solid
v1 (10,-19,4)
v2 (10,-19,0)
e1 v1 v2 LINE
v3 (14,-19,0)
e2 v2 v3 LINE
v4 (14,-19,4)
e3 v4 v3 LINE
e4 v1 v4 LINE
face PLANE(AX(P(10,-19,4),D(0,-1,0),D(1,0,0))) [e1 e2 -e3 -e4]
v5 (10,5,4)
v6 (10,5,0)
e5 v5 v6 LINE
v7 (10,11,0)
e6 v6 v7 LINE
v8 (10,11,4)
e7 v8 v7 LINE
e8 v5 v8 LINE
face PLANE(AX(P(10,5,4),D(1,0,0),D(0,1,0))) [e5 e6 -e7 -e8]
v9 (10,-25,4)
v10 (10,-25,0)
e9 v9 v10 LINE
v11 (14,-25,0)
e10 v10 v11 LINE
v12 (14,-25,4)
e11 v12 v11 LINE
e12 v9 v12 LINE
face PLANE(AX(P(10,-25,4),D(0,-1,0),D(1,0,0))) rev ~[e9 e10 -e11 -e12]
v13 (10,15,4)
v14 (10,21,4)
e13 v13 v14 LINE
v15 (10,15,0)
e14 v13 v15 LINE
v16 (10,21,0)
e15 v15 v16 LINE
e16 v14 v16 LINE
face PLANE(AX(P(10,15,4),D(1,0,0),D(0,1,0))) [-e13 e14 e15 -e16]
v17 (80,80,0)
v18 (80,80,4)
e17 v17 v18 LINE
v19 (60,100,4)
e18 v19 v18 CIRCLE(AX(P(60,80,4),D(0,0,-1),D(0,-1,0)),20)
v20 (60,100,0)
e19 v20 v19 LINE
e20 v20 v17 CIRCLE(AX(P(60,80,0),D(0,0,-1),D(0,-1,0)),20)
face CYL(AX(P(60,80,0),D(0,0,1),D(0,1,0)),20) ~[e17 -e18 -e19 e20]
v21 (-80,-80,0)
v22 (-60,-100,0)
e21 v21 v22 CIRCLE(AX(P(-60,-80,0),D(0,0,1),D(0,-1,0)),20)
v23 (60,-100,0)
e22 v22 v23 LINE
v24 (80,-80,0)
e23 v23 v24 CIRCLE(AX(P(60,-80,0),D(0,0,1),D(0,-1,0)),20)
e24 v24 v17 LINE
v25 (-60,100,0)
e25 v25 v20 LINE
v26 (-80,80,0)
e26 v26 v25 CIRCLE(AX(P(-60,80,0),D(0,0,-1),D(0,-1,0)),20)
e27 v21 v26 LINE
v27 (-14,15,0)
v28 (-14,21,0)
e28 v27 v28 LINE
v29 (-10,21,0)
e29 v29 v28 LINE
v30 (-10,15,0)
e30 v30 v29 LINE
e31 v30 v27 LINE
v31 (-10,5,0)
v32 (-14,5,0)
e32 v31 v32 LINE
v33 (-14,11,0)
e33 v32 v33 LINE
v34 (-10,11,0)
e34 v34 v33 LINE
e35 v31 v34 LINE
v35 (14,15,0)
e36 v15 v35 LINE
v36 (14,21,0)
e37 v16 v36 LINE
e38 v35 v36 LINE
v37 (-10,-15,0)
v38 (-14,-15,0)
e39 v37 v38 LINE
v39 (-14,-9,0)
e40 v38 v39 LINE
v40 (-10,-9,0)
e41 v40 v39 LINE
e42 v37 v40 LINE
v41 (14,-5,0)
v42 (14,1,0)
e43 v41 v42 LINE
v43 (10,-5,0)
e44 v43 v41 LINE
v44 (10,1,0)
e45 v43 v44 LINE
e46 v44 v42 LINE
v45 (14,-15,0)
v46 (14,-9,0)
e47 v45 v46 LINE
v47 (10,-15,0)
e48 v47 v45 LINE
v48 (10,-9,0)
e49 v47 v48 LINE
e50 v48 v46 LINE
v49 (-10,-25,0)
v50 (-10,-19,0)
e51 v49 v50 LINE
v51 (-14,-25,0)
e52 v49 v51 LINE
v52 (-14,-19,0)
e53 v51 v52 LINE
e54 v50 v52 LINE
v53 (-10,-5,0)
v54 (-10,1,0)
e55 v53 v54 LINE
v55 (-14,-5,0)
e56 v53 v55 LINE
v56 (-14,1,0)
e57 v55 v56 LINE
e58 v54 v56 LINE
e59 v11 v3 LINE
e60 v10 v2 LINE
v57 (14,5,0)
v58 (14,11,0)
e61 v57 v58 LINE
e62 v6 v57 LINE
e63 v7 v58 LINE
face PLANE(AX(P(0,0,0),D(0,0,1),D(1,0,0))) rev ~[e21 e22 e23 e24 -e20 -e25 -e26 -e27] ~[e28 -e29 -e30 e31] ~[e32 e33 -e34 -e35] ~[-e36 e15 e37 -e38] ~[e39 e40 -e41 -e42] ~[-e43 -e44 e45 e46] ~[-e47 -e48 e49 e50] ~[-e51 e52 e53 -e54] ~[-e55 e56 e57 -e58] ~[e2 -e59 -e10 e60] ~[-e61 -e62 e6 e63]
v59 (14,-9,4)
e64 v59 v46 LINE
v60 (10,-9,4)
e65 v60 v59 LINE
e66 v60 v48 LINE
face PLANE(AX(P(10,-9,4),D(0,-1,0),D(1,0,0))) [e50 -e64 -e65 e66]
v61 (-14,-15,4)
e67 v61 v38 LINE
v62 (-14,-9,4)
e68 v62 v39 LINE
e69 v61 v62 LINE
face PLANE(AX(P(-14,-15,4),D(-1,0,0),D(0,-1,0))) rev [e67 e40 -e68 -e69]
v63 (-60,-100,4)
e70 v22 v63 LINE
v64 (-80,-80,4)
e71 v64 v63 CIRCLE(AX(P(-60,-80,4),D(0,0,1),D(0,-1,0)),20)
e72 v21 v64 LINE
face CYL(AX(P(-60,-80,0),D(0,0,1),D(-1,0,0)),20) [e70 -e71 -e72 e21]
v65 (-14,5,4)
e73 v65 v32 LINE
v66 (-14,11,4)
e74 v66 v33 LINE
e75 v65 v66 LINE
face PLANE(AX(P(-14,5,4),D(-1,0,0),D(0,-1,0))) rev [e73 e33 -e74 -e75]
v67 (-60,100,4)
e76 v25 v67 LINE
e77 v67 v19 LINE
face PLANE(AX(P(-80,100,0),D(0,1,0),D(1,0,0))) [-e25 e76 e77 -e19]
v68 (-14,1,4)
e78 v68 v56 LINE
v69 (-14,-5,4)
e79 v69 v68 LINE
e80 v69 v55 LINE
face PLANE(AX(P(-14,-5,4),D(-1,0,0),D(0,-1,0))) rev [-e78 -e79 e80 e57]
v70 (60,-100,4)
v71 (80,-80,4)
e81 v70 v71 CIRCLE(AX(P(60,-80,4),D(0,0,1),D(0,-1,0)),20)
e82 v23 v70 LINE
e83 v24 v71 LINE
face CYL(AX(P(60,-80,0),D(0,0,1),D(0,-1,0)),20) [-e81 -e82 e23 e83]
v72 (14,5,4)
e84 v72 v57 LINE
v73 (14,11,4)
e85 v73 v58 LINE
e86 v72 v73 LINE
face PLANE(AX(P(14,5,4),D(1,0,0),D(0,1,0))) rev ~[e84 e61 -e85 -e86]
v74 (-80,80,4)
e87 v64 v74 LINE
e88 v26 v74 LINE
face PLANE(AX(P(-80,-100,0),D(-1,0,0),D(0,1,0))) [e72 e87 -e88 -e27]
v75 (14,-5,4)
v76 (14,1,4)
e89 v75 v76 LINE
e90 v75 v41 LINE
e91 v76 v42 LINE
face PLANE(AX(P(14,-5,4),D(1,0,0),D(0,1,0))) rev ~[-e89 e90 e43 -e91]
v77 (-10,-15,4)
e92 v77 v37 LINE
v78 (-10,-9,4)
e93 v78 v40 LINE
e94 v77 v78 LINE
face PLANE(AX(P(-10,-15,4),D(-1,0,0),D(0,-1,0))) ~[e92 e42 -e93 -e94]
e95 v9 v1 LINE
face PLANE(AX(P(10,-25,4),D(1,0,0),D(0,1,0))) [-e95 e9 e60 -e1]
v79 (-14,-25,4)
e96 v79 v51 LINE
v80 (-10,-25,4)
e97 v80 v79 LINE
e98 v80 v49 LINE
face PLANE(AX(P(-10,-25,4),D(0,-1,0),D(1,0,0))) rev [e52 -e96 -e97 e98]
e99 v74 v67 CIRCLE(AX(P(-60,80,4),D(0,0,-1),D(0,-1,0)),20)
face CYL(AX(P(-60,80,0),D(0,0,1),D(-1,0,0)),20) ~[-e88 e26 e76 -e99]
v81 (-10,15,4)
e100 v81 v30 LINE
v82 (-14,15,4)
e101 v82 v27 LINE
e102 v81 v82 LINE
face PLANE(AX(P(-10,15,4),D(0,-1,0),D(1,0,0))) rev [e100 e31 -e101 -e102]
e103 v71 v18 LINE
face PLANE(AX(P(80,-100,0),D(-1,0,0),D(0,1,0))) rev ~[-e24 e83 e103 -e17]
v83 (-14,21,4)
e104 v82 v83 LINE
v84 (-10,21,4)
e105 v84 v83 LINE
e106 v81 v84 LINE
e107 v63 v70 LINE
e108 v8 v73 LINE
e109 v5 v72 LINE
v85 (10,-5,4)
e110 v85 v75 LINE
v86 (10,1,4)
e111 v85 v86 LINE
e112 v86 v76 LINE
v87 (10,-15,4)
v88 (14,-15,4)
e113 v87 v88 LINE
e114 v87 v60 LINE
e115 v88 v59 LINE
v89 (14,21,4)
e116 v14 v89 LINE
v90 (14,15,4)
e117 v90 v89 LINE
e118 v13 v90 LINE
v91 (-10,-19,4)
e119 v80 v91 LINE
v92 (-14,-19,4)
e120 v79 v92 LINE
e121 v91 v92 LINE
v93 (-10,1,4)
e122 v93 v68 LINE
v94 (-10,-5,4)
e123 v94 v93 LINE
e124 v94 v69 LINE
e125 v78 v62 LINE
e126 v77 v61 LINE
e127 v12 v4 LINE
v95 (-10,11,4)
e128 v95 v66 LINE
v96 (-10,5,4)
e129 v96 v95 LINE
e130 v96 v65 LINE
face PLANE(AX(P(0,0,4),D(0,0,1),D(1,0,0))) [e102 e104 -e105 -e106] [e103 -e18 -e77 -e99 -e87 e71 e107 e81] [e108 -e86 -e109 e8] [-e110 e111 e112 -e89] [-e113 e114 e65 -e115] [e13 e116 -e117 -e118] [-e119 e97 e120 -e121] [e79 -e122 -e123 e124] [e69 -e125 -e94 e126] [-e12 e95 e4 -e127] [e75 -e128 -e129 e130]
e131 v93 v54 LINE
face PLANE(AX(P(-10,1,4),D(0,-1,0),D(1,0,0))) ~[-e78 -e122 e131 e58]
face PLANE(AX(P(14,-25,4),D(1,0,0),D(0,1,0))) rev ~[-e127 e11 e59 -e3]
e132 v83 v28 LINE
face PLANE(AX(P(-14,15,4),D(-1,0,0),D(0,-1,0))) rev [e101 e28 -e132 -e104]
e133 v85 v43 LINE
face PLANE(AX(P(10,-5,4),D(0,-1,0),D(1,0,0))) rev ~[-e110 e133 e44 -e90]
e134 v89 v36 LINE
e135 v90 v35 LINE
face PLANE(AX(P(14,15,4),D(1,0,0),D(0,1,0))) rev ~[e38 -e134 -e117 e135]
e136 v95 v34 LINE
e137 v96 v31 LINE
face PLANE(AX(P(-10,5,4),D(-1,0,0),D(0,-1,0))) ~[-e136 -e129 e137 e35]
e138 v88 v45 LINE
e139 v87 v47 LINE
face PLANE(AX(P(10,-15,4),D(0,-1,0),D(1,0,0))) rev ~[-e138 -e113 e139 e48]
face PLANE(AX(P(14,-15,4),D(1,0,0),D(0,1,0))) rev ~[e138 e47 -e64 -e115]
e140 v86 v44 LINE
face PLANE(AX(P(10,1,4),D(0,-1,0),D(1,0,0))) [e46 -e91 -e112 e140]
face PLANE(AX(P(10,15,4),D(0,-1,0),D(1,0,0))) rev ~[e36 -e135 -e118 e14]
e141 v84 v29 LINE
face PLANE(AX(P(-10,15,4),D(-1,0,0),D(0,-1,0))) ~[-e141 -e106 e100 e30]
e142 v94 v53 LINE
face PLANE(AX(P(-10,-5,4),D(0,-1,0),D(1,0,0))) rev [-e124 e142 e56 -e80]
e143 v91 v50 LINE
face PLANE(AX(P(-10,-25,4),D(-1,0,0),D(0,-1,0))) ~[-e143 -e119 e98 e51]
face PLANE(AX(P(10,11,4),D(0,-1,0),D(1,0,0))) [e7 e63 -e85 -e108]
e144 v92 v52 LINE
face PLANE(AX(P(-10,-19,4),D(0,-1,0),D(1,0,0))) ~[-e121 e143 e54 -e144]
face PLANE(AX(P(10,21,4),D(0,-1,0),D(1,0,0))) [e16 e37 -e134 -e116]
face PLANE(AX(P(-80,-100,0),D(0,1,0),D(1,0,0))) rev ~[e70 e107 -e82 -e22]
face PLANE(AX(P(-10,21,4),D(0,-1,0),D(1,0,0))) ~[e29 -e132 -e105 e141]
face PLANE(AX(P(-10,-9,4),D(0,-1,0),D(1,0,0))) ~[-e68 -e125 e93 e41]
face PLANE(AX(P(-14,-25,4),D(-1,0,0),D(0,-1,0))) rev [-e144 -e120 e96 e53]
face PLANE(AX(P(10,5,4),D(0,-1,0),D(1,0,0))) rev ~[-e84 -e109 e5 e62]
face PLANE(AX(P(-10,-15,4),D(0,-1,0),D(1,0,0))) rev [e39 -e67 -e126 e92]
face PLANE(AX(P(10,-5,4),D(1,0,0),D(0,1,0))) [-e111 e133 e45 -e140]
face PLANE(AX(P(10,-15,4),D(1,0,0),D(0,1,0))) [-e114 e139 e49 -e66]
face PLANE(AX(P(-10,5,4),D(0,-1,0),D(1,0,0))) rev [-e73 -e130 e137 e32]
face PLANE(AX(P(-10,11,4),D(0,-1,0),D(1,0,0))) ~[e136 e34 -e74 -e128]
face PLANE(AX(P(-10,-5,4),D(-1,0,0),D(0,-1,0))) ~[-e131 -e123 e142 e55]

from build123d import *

# Parameters (mm, degrees)
SKETCH1_W           = 160
SKETCH1_H           = 200
BOSS_EXTRUDE1_DEPTH = 4
SKETCH2_W           = 4
SKETCH2_H           = 6
CUT_EXTRUDE1_DEPTH  = 4
FILLET1_R           = 20


with BuildPart() as part:
    # Sketch1 → Boss-Extrude1 (new body)
    with BuildSketch(Plane.XY):
        Rectangle(SKETCH1_W, SKETCH1_H)
    extrude(amount=BOSS_EXTRUDE1_DEPTH)

    # Sketch2 → Cut-Extrude1 (cut)
    with BuildSketch(Plane.XY.offset(4)):
        with Locations((12, 18)):
            Rectangle(SKETCH2_W, SKETCH2_H)
        with Locations((12, 8)):
            Rectangle(SKETCH2_W, SKETCH2_H)
        with Locations((12, -2)):
            Rectangle(SKETCH2_W, SKETCH2_H)
        with Locations((12, -12)):
            Rectangle(SKETCH2_W, SKETCH2_H)
        with Locations((12, -22)):
            Rectangle(SKETCH2_W, SKETCH2_H)
    cut_extrude1 = extrude(amount=-CUT_EXTRUDE1_DEPTH, mode=Mode.SUBTRACT)

    # Mirror1: Cut-Extrude1 across plane
    add(cut_extrude1.mirror(Plane(origin=(0, 0, 0), x_dir=(0, 0, 1), z_dir=(1, 0, 0))), mode=Mode.SUBTRACT)

    # Fillet1
    fillet1_edges = [part.edges().sort_by_distance(p)[0] for p in [
        (80, -100, 2),
        (-80, -100, 2),
        (-80, 100, 2),
        (80, 100, 2),
    ]]
    fillet(fillet1_edges, radius=FILLET1_R)


solid = part.part
